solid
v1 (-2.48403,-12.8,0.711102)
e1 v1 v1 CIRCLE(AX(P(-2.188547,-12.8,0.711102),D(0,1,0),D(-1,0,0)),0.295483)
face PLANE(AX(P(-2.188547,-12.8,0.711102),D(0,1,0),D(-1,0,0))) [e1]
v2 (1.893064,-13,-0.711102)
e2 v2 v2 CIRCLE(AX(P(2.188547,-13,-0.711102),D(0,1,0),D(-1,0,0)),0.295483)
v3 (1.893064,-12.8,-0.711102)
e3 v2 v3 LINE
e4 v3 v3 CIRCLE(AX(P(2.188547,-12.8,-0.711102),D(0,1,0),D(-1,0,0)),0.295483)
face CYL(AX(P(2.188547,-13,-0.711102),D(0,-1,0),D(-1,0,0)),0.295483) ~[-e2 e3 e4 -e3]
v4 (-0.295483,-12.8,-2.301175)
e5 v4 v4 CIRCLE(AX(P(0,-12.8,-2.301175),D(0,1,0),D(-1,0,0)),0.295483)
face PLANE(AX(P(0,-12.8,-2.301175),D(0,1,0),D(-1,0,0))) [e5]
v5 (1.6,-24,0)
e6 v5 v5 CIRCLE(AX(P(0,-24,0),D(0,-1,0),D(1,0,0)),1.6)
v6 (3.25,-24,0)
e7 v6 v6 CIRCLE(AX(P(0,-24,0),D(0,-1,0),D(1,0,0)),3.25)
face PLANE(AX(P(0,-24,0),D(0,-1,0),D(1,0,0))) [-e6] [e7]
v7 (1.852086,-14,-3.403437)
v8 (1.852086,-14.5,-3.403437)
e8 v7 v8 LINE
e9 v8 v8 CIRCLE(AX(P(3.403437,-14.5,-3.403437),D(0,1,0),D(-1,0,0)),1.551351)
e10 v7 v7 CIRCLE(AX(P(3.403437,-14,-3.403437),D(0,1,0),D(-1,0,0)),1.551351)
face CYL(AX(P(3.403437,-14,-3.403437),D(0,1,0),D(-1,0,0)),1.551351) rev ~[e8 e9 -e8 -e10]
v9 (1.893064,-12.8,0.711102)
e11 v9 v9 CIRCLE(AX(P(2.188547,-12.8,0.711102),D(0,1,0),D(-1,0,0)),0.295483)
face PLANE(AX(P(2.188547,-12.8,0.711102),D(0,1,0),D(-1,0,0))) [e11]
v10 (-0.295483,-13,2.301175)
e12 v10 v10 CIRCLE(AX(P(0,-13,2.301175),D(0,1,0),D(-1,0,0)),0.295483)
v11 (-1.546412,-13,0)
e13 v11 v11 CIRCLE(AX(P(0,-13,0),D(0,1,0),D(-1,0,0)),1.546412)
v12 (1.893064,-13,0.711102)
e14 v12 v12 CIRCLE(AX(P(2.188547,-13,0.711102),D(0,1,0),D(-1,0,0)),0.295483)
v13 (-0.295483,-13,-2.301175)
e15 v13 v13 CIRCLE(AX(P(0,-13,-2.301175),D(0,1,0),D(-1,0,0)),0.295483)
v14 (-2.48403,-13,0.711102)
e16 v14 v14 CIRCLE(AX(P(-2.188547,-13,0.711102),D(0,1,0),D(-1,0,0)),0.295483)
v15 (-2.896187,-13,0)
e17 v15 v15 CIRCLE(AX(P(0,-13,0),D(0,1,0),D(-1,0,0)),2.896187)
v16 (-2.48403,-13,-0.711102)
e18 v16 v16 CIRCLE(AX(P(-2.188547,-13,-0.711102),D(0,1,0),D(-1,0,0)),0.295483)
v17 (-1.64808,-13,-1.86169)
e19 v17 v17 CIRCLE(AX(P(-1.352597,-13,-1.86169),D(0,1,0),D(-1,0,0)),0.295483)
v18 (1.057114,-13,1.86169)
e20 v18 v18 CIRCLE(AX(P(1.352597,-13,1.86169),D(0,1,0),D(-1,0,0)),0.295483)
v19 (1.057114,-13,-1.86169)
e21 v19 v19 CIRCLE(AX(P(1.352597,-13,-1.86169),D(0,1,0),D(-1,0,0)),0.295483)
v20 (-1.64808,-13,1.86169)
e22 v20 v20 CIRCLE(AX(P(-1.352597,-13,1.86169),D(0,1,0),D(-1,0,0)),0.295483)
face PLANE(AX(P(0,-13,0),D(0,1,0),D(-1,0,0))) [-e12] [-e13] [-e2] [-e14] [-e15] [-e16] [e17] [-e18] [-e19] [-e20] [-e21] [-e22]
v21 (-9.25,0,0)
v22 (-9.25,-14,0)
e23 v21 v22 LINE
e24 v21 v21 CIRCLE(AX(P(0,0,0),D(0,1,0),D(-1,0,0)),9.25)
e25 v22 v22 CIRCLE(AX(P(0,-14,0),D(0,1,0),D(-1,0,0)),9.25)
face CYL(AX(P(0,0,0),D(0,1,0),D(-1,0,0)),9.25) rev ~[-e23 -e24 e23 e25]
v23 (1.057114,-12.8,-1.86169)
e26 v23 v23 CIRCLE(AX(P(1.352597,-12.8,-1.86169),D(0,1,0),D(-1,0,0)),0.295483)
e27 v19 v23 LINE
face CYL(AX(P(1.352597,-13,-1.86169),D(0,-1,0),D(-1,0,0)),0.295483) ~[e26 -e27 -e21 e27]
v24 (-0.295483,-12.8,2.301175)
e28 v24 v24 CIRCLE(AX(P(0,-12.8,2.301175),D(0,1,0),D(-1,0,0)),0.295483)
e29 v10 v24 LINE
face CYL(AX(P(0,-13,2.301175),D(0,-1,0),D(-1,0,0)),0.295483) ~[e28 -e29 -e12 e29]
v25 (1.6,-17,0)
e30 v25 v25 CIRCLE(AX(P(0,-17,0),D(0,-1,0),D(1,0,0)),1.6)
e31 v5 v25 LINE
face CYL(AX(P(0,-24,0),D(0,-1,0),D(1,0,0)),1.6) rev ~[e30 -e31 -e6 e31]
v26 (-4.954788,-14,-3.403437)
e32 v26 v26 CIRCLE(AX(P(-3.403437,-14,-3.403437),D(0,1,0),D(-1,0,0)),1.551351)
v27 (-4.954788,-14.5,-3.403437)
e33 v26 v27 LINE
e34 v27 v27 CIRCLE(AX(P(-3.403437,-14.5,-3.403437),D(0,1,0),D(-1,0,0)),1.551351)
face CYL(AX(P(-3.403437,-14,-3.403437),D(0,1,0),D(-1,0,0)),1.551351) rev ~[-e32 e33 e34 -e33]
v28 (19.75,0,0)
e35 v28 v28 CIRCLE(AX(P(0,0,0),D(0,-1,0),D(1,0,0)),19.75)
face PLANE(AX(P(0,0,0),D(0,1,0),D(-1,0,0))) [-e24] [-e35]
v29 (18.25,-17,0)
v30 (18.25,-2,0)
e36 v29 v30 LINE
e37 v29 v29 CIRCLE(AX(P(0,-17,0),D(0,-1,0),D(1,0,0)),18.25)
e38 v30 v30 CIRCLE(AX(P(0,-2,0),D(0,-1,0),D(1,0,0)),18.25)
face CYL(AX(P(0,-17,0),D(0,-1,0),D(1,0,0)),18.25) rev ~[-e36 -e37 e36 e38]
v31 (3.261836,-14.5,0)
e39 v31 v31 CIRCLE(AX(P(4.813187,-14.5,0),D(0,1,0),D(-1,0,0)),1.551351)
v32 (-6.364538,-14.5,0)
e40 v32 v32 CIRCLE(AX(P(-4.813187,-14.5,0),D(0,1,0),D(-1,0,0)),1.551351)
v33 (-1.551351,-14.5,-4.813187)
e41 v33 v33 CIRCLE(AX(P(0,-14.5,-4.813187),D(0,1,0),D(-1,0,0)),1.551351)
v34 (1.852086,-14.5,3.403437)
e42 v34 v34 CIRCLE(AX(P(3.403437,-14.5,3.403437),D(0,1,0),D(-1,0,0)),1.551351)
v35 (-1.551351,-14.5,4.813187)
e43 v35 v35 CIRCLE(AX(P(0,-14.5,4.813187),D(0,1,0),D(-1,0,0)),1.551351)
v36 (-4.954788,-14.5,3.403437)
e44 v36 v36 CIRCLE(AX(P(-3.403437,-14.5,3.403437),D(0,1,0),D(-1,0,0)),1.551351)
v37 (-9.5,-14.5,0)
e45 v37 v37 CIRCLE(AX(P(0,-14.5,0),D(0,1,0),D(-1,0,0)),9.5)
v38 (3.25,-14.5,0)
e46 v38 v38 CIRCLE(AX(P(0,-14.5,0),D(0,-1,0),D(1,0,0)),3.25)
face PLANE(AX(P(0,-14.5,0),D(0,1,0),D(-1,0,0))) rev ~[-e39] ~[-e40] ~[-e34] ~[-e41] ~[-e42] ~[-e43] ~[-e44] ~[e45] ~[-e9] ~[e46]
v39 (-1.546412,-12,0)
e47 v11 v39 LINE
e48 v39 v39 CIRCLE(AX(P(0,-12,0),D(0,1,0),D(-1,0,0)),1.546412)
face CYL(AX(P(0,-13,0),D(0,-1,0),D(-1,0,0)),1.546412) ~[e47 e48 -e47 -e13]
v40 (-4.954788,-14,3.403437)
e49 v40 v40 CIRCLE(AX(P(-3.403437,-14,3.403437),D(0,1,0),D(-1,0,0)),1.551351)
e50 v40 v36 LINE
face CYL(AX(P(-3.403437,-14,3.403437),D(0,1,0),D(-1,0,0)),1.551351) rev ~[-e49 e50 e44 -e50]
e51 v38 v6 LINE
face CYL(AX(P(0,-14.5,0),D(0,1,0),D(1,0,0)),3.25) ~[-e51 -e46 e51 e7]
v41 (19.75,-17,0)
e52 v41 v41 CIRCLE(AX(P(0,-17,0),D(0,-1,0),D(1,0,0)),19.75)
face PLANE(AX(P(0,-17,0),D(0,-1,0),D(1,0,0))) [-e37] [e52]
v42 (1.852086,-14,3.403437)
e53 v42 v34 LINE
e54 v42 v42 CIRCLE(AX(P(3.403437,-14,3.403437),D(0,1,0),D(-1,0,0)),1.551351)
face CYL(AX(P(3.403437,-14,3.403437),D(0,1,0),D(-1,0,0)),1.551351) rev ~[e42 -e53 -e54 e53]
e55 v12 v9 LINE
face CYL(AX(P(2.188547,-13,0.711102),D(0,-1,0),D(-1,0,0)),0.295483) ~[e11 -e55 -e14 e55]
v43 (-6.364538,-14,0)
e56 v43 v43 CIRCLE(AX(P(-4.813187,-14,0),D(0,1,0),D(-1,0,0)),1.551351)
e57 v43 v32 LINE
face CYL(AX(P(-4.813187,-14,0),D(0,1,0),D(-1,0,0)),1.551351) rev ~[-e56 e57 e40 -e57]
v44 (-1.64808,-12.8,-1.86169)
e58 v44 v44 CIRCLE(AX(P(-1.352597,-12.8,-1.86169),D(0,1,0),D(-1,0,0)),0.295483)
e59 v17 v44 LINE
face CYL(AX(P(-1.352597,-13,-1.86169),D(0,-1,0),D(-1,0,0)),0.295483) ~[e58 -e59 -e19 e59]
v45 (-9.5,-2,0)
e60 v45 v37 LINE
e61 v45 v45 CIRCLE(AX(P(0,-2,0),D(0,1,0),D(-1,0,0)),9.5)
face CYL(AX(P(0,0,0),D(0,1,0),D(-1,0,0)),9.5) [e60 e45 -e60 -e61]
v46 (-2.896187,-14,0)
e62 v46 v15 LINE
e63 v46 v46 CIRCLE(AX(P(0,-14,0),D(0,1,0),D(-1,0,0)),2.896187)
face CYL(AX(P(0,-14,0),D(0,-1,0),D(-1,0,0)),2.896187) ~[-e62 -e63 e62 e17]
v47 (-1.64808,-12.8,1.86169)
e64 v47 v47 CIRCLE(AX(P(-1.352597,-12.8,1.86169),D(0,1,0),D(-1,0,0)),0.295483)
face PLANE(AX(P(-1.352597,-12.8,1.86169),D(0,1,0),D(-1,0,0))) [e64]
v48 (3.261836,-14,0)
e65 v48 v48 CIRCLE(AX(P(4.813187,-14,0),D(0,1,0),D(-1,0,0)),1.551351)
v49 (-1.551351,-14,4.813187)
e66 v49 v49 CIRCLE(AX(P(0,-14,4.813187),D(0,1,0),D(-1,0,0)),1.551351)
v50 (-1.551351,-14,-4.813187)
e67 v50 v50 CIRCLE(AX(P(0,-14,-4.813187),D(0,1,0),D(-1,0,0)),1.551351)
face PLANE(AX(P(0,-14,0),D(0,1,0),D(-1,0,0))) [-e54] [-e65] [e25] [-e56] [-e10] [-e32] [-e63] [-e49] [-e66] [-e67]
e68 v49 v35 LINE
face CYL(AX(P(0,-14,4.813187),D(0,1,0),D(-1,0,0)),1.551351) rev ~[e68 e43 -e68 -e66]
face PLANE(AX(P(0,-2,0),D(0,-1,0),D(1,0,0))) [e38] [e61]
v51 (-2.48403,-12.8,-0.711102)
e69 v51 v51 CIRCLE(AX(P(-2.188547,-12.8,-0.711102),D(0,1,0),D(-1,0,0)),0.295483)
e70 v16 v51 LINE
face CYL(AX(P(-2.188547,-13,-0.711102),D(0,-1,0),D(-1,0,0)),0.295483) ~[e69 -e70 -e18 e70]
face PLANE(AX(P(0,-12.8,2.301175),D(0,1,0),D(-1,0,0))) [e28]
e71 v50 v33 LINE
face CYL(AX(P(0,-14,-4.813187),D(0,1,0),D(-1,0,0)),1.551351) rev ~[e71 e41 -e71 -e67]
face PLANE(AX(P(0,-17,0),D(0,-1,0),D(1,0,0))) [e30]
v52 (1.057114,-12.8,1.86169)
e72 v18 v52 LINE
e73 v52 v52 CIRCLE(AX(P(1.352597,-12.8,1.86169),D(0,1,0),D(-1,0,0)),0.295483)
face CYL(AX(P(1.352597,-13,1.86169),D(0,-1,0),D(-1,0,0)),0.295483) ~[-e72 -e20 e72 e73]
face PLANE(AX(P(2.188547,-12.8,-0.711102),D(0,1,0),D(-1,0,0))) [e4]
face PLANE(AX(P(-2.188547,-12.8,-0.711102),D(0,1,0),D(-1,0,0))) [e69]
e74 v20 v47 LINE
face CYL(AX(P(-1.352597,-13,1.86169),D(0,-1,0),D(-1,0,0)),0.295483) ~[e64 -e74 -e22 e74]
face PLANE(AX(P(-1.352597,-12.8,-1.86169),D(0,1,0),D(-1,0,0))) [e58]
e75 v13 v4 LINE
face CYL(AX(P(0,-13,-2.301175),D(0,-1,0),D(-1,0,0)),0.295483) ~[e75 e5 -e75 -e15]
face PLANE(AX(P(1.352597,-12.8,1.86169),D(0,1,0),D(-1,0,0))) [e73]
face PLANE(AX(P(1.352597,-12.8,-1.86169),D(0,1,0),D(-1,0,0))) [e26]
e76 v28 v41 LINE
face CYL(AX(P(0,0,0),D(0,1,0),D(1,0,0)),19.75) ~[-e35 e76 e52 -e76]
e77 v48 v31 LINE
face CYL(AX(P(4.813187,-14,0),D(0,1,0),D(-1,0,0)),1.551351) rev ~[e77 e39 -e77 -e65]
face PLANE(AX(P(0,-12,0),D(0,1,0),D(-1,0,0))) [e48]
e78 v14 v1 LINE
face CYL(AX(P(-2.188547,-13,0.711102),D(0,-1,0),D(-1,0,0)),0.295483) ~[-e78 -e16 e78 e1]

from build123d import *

# Parameters (mm, degrees)
F0_R      = 19.75
F1_DEPTH  = 17
F2_R      = 18.25
F3_DEPTH  = 15
F4_R      = 9.5
F5_DEPTH  = 14.5
F6_R      = 9.25
F7_DEPTH  = 14
F8_R      = 3.25
F9_DEPTH  = 9.5
F10_R     = 1.6
F11_DEPTH = 7
F12_R     = 1.551351
F13_DEPTH = 25.4
F14_DEPTH = 25.4
F15_R     = 2.896187
F16_DEPTH = 1
F17_R     = 1.546412
F18_DEPTH = 1
F19_R     = 0.295483
F20_DEPTH = 0.2


with BuildPart() as f1:
    # F0 (on Front) → F1 (new body)
    with BuildSketch(Plane.XZ):
        Circle(F0_R)
    extrude(amount=F1_DEPTH)

    # F2 (on face) → F3 (cut)
    with BuildSketch(Plane.XZ.offset(17)):
        Circle(F2_R)
    extrude(amount=-F3_DEPTH, mode=Mode.SUBTRACT)

    # F4 (on face) → F5 (join)
    with BuildSketch(Plane(origin=(0, 0, 0), x_dir=(-1, 0, 0), z_dir=(0, 1, 0))):
        Circle(F4_R)
    extrude(amount=-F5_DEPTH)

    # F6 (on face) → F7 (cut)
    with BuildSketch(Plane(origin=(0, 0, 0), x_dir=(-1, 0, 0), z_dir=(0, 1, 0))):
        Circle(F6_R)
    extrude(amount=-F7_DEPTH, mode=Mode.SUBTRACT)

    # F8 (on face) → F9 (join)
    with BuildSketch(Plane.XZ.offset(14.5)):
        Circle(F8_R)
    extrude(amount=F9_DEPTH)

    # F10 (on face) → F11 (cut)
    with BuildSketch(Plane.XZ.offset(24)):
        Circle(F10_R)
    extrude(amount=-F11_DEPTH, mode=Mode.SUBTRACT)

    # F12 (on face) → F13 (cut)
    with BuildSketch(Plane(origin=(0, -14, 0), x_dir=(-1, 0, 0), z_dir=(0, 1, 0))):
        with Locations((0, 4.813187)):
            Circle(F12_R)
    extrude(amount=-F13_DEPTH, mode=Mode.SUBTRACT)

    # F12 (on face) → F14 (cut)
    with BuildSketch(Plane(origin=(0, -14, 0), x_dir=(-1, 0, 0), z_dir=(0, 1, 0))):
        with Locations((-3.403437, 3.403437)):
            Circle(F12_R)
        with Locations((-4.813187, 0)):
            Circle(F12_R)
        with Locations((-3.403437, -3.403437)):
            Circle(F12_R)
        with Locations((0, -4.813187)):
            Circle(F12_R)
        with Locations((3.403437, -3.403437)):
            Circle(F12_R)
        with Locations((4.813187, 0)):
            Circle(F12_R)
        with Locations((3.403437, 3.403437)):
            Circle(F12_R)
    extrude(amount=-F14_DEPTH, mode=Mode.SUBTRACT)

    # F15 (on face) → F16 (join)
    with BuildSketch(Plane(origin=(0, -14, 0), x_dir=(-1, 0, 0), z_dir=(0, 1, 0))):
        Circle(F15_R)
    extrude(amount=F16_DEPTH)

    # F17 (on face) → F18 (join)
    with BuildSketch(Plane(origin=(0, -13, 0), x_dir=(-1, 0, 0), z_dir=(0, 1, 0))):
        Circle(F17_R)
    extrude(amount=F18_DEPTH)

    # F19 (on face) → F20 (join)
    with BuildSketch(Plane(origin=(0, -13, 0), x_dir=(-1, 0, 0), z_dir=(0, 1, 0))):
        with Locations((-1.352597, 1.86169)):
            Circle(F19_R)
        with Locations((0, 2.301175)):
            Circle(F19_R)
        with Locations((1.352597, 1.86169)):
            Circle(F19_R)
        with Locations((2.188547, 0.711102)):
            Circle(F19_R)
        with Locations((2.188547, -0.711102)):
            Circle(F19_R)
        with Locations((1.352597, -1.86169)):
            Circle(F19_R)
        with Locations((0, -2.301175)):
            Circle(F19_R)
        with Locations((-1.352597, -1.86169)):
            Circle(F19_R)
        with Locations((-2.188547, -0.711102)):
            Circle(F19_R)
        with Locations((-2.188547, 0.711102)):
            Circle(F19_R)
    extrude(amount=F20_DEPTH)


solid = f1.part
